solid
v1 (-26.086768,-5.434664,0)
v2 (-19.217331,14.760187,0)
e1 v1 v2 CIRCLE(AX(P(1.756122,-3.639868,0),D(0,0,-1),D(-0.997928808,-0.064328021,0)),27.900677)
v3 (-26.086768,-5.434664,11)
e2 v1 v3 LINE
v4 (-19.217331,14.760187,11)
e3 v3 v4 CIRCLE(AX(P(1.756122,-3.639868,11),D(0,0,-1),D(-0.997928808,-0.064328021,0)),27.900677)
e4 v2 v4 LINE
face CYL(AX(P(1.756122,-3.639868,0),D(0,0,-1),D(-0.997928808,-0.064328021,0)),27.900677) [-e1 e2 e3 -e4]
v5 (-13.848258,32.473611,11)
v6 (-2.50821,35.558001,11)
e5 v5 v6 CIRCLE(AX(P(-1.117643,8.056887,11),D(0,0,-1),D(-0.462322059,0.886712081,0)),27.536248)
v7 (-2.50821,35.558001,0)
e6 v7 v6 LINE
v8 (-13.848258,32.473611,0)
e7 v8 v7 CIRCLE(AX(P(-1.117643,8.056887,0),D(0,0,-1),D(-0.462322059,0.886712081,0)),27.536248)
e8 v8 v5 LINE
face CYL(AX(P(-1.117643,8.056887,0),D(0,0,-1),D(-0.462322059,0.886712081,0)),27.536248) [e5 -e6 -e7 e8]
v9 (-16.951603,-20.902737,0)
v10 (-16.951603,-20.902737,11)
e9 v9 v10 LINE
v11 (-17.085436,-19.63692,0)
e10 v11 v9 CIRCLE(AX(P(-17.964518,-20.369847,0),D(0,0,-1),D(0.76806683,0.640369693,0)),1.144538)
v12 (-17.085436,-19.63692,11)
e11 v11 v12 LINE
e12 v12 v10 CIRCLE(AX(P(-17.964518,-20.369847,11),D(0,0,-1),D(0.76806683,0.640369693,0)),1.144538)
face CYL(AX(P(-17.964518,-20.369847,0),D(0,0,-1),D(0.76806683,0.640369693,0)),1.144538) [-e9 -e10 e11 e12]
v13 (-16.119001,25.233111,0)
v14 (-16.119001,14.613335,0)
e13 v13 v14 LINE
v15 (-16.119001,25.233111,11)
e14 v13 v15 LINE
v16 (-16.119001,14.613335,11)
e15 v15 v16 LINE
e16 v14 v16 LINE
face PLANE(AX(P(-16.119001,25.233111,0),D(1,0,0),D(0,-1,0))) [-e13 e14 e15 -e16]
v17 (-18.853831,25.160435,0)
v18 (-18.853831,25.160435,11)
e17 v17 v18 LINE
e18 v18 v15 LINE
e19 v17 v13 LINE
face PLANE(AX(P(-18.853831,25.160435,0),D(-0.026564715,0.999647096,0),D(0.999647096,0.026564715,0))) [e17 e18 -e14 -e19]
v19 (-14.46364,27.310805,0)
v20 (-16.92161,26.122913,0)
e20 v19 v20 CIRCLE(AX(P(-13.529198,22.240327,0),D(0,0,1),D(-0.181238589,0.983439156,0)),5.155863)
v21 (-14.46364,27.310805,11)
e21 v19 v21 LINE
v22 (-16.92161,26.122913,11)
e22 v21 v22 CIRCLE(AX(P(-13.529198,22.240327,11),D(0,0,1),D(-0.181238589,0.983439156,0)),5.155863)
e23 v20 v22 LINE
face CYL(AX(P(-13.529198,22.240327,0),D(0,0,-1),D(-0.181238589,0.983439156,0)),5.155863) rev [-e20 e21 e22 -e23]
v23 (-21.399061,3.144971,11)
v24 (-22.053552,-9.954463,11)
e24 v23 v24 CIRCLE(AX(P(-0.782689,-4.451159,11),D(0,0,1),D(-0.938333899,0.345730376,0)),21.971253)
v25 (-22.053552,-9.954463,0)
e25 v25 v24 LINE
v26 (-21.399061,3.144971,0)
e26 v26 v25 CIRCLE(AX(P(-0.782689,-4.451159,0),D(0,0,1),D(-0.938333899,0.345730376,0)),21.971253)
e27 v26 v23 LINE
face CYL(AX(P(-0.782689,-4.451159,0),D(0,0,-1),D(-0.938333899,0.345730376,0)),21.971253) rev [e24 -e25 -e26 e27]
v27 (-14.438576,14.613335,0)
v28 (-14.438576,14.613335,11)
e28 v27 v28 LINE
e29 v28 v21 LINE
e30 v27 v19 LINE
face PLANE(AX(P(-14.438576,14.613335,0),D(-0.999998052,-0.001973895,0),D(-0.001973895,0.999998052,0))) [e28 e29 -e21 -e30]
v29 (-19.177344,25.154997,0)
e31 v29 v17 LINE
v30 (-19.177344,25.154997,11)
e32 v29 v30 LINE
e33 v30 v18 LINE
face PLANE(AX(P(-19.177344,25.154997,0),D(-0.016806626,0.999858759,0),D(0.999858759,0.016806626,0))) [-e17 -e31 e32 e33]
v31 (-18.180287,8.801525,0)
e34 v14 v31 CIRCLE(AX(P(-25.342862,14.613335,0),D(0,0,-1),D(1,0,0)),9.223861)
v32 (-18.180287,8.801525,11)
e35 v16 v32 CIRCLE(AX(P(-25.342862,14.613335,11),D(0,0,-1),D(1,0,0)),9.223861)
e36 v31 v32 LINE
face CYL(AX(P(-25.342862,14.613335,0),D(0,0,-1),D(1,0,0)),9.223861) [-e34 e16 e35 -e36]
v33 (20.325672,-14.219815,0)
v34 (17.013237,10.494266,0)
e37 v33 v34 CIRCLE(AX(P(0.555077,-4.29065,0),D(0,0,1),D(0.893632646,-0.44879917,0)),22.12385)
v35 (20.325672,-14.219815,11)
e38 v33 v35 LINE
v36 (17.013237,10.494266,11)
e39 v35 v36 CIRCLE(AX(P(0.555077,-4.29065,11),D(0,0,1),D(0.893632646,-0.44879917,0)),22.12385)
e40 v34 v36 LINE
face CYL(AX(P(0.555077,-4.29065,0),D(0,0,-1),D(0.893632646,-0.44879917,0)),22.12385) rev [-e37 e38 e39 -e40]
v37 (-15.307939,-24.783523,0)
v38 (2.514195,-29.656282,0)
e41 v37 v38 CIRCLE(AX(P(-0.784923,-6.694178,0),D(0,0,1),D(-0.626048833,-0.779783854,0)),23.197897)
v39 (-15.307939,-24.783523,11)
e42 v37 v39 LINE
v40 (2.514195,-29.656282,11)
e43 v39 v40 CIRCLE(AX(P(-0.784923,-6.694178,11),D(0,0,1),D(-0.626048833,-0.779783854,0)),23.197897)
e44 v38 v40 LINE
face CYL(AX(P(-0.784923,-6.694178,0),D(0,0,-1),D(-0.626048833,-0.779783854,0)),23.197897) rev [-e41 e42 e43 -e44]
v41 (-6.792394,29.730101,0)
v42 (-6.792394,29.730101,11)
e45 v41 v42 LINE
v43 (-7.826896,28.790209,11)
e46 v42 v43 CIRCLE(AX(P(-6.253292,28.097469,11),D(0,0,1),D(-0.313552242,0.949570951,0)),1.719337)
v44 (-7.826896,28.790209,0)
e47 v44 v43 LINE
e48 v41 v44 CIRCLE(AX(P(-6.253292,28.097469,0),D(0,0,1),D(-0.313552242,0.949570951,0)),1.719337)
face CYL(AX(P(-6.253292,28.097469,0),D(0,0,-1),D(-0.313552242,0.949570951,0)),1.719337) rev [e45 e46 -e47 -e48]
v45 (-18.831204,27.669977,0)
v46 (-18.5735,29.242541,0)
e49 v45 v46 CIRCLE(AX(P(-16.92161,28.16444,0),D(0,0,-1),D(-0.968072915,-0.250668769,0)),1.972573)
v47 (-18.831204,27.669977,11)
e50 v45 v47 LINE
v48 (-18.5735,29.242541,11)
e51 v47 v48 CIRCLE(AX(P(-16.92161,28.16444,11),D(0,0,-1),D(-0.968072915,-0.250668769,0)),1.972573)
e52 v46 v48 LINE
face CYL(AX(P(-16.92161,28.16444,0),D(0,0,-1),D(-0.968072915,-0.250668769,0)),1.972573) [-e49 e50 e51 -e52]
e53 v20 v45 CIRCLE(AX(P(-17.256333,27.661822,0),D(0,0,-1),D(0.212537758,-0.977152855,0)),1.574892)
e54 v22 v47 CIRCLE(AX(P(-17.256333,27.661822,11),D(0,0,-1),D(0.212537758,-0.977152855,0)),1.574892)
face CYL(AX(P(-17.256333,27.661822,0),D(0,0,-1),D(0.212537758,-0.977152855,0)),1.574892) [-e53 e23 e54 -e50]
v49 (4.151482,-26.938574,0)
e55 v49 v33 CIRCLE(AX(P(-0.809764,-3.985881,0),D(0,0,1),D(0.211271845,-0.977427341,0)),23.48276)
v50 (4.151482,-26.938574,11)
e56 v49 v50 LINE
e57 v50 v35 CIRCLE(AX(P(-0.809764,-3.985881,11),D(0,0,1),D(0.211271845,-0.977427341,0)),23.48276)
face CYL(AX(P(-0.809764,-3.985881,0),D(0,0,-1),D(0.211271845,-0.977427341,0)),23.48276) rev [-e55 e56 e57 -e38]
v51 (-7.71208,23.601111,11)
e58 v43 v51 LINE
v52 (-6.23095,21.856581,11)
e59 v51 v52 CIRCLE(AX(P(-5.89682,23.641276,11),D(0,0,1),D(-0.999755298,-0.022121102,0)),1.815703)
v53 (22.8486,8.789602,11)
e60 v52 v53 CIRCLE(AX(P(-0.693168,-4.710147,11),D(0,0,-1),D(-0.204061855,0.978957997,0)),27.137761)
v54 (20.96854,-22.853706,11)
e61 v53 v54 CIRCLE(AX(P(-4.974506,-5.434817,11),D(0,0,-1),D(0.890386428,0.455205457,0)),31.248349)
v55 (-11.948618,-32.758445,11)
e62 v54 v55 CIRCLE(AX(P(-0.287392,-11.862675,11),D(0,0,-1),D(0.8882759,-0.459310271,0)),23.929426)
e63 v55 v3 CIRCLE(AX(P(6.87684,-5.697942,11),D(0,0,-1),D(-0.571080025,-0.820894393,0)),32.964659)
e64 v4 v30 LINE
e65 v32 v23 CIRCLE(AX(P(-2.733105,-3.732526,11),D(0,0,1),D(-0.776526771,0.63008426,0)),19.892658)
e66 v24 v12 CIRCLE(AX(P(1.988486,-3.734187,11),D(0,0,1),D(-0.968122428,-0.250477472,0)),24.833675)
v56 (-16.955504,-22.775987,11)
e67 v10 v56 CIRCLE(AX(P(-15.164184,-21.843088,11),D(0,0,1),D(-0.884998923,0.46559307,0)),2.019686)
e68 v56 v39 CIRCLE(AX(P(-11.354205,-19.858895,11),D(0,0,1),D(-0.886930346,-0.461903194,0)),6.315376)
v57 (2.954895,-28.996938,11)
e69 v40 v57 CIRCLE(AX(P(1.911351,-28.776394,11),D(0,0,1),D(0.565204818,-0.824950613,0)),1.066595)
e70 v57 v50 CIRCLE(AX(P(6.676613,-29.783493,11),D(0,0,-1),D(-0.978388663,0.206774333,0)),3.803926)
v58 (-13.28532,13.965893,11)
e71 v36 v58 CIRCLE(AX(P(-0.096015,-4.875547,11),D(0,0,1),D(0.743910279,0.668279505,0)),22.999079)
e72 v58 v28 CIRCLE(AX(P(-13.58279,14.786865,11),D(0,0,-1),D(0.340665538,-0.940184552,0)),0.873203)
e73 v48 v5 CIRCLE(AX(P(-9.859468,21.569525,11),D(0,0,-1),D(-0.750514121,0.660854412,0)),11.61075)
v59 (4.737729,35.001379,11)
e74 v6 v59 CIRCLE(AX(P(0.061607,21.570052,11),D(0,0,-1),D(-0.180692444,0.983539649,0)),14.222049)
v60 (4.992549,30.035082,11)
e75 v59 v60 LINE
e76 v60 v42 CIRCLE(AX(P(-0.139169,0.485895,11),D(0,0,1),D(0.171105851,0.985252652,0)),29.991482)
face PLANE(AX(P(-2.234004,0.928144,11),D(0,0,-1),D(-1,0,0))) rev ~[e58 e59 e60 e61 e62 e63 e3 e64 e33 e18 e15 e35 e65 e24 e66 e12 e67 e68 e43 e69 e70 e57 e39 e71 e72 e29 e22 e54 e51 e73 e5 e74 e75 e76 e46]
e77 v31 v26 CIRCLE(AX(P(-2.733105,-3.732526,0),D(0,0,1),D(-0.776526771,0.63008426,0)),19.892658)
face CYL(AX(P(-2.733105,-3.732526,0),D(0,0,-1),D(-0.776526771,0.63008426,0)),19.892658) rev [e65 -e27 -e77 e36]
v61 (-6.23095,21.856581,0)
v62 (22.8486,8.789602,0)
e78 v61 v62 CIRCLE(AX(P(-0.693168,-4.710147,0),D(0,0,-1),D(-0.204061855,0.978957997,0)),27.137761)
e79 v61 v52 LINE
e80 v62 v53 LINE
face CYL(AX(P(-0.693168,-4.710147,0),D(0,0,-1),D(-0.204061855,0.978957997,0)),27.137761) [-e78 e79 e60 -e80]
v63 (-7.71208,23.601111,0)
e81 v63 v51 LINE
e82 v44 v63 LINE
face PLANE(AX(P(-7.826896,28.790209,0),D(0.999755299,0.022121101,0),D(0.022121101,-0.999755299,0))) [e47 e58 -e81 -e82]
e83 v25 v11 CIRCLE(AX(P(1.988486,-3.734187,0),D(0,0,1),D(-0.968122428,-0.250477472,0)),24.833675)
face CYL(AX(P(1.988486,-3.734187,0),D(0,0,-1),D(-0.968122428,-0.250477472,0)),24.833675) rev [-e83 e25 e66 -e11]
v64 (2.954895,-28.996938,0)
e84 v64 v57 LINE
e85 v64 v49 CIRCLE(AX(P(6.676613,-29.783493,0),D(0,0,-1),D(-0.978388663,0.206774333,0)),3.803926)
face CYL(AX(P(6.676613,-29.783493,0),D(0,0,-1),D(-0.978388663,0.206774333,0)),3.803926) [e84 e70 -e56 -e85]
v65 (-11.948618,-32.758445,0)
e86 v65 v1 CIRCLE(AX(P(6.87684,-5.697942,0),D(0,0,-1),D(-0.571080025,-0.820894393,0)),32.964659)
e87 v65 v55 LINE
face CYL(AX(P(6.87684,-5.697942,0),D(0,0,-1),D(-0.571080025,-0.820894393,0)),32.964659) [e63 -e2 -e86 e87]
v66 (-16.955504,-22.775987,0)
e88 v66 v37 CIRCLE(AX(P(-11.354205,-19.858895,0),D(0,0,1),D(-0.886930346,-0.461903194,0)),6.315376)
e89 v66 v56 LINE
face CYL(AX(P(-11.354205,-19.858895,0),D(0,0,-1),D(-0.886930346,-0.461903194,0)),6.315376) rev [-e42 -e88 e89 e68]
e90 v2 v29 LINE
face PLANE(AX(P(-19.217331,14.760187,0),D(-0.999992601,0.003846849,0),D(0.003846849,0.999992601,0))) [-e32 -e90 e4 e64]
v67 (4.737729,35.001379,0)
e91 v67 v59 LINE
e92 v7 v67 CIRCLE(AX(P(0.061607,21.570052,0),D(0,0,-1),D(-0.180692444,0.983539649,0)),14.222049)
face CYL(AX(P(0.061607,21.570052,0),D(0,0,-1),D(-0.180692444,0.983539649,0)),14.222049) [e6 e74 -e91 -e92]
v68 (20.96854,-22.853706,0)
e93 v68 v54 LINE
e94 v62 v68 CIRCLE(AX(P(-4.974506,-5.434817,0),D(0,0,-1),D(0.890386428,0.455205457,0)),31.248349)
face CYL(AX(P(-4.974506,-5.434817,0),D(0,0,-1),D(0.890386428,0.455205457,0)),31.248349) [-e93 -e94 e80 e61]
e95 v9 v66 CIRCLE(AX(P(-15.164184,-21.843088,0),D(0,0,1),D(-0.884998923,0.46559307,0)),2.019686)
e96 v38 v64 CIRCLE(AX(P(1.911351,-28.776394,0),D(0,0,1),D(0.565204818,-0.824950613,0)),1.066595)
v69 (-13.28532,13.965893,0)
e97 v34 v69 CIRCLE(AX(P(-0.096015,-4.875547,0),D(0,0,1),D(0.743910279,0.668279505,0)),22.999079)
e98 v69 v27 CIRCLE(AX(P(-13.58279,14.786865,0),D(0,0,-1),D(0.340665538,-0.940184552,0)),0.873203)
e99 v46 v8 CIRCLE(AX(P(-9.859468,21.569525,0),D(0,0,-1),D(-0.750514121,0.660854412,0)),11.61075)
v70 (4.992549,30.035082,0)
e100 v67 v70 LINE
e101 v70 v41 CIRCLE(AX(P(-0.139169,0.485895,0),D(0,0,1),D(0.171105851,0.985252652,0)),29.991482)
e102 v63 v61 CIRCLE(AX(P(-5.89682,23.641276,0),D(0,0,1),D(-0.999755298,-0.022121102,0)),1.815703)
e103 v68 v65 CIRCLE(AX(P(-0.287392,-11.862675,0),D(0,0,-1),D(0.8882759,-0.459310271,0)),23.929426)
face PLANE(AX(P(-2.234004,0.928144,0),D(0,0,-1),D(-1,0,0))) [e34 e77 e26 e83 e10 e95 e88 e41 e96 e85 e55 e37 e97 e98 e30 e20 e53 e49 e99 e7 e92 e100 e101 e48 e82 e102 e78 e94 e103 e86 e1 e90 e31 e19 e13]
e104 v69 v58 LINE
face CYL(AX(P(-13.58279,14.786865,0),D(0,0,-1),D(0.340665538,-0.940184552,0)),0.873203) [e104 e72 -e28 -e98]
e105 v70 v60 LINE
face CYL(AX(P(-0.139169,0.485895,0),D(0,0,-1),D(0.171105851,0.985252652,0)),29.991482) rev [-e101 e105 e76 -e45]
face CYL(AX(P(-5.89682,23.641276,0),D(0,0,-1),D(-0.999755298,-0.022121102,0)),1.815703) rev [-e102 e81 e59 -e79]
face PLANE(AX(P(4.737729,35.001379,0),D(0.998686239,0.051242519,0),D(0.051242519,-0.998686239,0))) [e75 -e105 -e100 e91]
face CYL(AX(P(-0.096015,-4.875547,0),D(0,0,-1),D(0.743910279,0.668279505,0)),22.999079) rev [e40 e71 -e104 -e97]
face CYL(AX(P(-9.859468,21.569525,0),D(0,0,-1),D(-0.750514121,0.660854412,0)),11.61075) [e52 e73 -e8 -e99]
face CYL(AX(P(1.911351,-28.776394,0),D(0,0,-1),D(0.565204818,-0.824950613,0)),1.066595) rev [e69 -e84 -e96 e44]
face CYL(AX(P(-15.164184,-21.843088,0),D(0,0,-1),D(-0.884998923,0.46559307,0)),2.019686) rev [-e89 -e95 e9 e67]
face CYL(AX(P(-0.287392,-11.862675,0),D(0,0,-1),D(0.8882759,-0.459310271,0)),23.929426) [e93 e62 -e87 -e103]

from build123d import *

# Parameters (mm, degrees)
BOSS_EXTRUDE1_DEPTH = 11


with BuildPart() as part:
    # Sketch1 → Boss-Extrude1 (new body)
    with BuildSketch(Plane.XY):
        with BuildLine():
            Line((-18.853830773, 25.160435071), (-16.119000888, 25.233110696))
            Line((-16.119000888, 25.233110696), (-16.119000888, 14.613334924))
            ThreePointArc((-16.119000888, 14.613334924), (-16.64958264, 11.530072447), (-18.180286861, 8.801525384))
            ThreePointArc((-18.180286861, 8.801525384), (-20.022572688, 6.105775505), (-21.399060798, 3.144970722))
            ThreePointArc((-21.399060798, 3.144970722), (-22.726569744, -3.354769567), (-22.053552104, -9.954462823))
            ThreePointArc((-22.053552104, -9.954462823), (-20.106400366, -15.071180428), (-17.085436321, -19.636919707))
            ThreePointArc((-17.085436321, -19.636919707), (-16.826323912, -20.249507523), (-16.951603049, -20.902736587))
            ThreePointArc((-16.951603049, -20.902736587), (-17.18386468, -21.838882371), (-16.955503917, -22.775987357))
            ThreePointArc((-16.955503917, -22.775987357), (-16.236029845, -23.865360174), (-15.307939029, -24.783523292))
            ThreePointArc((-15.307939029, -24.783523292), (-6.902922169, -29.070783982), (2.514195466, -29.656282157))
            ThreePointArc((2.514195466, -29.656282157), (2.798104907, -29.369092957), (2.954895281, -28.996938438))
            ThreePointArc((2.954895281, -28.996938438), (3.387996909, -27.87172525), (4.151482129, -26.938573569))
            ThreePointArc((4.151482129, -26.938573569), (13.70577614, -22.445002036), (20.325671696, -14.219814986))
            ThreePointArc((20.325671696, -14.219814986), (22.482847249, -1.351664436), (17.013236546, 10.494265824))
            ThreePointArc((17.013236546, 10.494265824), (2.522103549, 17.974028049), (-13.285319782, 13.96589306))
            ThreePointArc((-13.285319782, 13.96589306), (-14.010252719, 14.025446056), (-14.438576198, 14.613334924))
            Line((-14.438576198, 14.613334924), (-14.463639713, 27.310804635))
            ThreePointArc((-14.463639713, 27.310804635), (-15.772674476, 26.882496645), (-16.921609527, 26.122912554))
            ThreePointArc((-16.921609527, 26.122912554), (-18.247717994, 26.438122976), (-18.831203914, 27.669977456))
            ThreePointArc((-18.831203914, 27.669977456), (-18.868217492, 28.483440244), (-18.573500133, 29.242540627))
            ThreePointArc((-18.573500133, 29.242540627), (-16.413121418, 31.153842986), (-13.848257568, 32.473610515))
            ThreePointArc((-13.848257568, 32.473610515), (-8.344696861, 34.627822793), (-2.50820992, 35.558000832))
            ThreePointArc((-2.50820992, 35.558000832), (1.150912858, 35.75032292), (4.737729096, 35.001379281))
            Line((4.737729096, 35.001379281), (4.992549443, 30.035082131))
            ThreePointArc((4.992549443, 30.035082131), (-0.915054965, 30.467339098), (-6.792394138, 29.7301009))
            ThreePointArc((-6.792394138, 29.7301009), (-7.409462923, 29.370020494), (-7.826896167, 28.790209084))
            Line((-7.826896167, 28.790209084), (-7.712079502, 23.601110726))
            ThreePointArc((-7.712079502, 23.601110726), (-7.280949637, 22.466131343), (-6.230949855, 21.856581002))
            ThreePointArc((-6.230949855, 21.856581002), (10.429887602, 20.043351617), (22.848599934, 8.789601594))
            ThreePointArc((22.848599934, 8.789601594), (26.218834648, -7.288142965), (20.968539738, -22.853706092))
            ThreePointArc((20.968539738, -22.853706092), (6.607574044, -34.777230529), (-11.948618389, -32.758445472))
            ThreePointArc((-11.948618389, -32.758445472), (-22.400695848, -20.847022299), (-26.08676765, -5.434663624))
            ThreePointArc((-26.08676765, -5.434663624), (-24.658208176, 5.345172428), (-19.217331386, 14.760187417))
            Line((-19.217331386, 14.760187417), (-19.177343822, 25.15499714))
            Line((-19.177343822, 25.15499714), (-18.853830773, 25.160435071))
        make_face()
    extrude(amount=BOSS_EXTRUDE1_DEPTH)


solid = part.part
